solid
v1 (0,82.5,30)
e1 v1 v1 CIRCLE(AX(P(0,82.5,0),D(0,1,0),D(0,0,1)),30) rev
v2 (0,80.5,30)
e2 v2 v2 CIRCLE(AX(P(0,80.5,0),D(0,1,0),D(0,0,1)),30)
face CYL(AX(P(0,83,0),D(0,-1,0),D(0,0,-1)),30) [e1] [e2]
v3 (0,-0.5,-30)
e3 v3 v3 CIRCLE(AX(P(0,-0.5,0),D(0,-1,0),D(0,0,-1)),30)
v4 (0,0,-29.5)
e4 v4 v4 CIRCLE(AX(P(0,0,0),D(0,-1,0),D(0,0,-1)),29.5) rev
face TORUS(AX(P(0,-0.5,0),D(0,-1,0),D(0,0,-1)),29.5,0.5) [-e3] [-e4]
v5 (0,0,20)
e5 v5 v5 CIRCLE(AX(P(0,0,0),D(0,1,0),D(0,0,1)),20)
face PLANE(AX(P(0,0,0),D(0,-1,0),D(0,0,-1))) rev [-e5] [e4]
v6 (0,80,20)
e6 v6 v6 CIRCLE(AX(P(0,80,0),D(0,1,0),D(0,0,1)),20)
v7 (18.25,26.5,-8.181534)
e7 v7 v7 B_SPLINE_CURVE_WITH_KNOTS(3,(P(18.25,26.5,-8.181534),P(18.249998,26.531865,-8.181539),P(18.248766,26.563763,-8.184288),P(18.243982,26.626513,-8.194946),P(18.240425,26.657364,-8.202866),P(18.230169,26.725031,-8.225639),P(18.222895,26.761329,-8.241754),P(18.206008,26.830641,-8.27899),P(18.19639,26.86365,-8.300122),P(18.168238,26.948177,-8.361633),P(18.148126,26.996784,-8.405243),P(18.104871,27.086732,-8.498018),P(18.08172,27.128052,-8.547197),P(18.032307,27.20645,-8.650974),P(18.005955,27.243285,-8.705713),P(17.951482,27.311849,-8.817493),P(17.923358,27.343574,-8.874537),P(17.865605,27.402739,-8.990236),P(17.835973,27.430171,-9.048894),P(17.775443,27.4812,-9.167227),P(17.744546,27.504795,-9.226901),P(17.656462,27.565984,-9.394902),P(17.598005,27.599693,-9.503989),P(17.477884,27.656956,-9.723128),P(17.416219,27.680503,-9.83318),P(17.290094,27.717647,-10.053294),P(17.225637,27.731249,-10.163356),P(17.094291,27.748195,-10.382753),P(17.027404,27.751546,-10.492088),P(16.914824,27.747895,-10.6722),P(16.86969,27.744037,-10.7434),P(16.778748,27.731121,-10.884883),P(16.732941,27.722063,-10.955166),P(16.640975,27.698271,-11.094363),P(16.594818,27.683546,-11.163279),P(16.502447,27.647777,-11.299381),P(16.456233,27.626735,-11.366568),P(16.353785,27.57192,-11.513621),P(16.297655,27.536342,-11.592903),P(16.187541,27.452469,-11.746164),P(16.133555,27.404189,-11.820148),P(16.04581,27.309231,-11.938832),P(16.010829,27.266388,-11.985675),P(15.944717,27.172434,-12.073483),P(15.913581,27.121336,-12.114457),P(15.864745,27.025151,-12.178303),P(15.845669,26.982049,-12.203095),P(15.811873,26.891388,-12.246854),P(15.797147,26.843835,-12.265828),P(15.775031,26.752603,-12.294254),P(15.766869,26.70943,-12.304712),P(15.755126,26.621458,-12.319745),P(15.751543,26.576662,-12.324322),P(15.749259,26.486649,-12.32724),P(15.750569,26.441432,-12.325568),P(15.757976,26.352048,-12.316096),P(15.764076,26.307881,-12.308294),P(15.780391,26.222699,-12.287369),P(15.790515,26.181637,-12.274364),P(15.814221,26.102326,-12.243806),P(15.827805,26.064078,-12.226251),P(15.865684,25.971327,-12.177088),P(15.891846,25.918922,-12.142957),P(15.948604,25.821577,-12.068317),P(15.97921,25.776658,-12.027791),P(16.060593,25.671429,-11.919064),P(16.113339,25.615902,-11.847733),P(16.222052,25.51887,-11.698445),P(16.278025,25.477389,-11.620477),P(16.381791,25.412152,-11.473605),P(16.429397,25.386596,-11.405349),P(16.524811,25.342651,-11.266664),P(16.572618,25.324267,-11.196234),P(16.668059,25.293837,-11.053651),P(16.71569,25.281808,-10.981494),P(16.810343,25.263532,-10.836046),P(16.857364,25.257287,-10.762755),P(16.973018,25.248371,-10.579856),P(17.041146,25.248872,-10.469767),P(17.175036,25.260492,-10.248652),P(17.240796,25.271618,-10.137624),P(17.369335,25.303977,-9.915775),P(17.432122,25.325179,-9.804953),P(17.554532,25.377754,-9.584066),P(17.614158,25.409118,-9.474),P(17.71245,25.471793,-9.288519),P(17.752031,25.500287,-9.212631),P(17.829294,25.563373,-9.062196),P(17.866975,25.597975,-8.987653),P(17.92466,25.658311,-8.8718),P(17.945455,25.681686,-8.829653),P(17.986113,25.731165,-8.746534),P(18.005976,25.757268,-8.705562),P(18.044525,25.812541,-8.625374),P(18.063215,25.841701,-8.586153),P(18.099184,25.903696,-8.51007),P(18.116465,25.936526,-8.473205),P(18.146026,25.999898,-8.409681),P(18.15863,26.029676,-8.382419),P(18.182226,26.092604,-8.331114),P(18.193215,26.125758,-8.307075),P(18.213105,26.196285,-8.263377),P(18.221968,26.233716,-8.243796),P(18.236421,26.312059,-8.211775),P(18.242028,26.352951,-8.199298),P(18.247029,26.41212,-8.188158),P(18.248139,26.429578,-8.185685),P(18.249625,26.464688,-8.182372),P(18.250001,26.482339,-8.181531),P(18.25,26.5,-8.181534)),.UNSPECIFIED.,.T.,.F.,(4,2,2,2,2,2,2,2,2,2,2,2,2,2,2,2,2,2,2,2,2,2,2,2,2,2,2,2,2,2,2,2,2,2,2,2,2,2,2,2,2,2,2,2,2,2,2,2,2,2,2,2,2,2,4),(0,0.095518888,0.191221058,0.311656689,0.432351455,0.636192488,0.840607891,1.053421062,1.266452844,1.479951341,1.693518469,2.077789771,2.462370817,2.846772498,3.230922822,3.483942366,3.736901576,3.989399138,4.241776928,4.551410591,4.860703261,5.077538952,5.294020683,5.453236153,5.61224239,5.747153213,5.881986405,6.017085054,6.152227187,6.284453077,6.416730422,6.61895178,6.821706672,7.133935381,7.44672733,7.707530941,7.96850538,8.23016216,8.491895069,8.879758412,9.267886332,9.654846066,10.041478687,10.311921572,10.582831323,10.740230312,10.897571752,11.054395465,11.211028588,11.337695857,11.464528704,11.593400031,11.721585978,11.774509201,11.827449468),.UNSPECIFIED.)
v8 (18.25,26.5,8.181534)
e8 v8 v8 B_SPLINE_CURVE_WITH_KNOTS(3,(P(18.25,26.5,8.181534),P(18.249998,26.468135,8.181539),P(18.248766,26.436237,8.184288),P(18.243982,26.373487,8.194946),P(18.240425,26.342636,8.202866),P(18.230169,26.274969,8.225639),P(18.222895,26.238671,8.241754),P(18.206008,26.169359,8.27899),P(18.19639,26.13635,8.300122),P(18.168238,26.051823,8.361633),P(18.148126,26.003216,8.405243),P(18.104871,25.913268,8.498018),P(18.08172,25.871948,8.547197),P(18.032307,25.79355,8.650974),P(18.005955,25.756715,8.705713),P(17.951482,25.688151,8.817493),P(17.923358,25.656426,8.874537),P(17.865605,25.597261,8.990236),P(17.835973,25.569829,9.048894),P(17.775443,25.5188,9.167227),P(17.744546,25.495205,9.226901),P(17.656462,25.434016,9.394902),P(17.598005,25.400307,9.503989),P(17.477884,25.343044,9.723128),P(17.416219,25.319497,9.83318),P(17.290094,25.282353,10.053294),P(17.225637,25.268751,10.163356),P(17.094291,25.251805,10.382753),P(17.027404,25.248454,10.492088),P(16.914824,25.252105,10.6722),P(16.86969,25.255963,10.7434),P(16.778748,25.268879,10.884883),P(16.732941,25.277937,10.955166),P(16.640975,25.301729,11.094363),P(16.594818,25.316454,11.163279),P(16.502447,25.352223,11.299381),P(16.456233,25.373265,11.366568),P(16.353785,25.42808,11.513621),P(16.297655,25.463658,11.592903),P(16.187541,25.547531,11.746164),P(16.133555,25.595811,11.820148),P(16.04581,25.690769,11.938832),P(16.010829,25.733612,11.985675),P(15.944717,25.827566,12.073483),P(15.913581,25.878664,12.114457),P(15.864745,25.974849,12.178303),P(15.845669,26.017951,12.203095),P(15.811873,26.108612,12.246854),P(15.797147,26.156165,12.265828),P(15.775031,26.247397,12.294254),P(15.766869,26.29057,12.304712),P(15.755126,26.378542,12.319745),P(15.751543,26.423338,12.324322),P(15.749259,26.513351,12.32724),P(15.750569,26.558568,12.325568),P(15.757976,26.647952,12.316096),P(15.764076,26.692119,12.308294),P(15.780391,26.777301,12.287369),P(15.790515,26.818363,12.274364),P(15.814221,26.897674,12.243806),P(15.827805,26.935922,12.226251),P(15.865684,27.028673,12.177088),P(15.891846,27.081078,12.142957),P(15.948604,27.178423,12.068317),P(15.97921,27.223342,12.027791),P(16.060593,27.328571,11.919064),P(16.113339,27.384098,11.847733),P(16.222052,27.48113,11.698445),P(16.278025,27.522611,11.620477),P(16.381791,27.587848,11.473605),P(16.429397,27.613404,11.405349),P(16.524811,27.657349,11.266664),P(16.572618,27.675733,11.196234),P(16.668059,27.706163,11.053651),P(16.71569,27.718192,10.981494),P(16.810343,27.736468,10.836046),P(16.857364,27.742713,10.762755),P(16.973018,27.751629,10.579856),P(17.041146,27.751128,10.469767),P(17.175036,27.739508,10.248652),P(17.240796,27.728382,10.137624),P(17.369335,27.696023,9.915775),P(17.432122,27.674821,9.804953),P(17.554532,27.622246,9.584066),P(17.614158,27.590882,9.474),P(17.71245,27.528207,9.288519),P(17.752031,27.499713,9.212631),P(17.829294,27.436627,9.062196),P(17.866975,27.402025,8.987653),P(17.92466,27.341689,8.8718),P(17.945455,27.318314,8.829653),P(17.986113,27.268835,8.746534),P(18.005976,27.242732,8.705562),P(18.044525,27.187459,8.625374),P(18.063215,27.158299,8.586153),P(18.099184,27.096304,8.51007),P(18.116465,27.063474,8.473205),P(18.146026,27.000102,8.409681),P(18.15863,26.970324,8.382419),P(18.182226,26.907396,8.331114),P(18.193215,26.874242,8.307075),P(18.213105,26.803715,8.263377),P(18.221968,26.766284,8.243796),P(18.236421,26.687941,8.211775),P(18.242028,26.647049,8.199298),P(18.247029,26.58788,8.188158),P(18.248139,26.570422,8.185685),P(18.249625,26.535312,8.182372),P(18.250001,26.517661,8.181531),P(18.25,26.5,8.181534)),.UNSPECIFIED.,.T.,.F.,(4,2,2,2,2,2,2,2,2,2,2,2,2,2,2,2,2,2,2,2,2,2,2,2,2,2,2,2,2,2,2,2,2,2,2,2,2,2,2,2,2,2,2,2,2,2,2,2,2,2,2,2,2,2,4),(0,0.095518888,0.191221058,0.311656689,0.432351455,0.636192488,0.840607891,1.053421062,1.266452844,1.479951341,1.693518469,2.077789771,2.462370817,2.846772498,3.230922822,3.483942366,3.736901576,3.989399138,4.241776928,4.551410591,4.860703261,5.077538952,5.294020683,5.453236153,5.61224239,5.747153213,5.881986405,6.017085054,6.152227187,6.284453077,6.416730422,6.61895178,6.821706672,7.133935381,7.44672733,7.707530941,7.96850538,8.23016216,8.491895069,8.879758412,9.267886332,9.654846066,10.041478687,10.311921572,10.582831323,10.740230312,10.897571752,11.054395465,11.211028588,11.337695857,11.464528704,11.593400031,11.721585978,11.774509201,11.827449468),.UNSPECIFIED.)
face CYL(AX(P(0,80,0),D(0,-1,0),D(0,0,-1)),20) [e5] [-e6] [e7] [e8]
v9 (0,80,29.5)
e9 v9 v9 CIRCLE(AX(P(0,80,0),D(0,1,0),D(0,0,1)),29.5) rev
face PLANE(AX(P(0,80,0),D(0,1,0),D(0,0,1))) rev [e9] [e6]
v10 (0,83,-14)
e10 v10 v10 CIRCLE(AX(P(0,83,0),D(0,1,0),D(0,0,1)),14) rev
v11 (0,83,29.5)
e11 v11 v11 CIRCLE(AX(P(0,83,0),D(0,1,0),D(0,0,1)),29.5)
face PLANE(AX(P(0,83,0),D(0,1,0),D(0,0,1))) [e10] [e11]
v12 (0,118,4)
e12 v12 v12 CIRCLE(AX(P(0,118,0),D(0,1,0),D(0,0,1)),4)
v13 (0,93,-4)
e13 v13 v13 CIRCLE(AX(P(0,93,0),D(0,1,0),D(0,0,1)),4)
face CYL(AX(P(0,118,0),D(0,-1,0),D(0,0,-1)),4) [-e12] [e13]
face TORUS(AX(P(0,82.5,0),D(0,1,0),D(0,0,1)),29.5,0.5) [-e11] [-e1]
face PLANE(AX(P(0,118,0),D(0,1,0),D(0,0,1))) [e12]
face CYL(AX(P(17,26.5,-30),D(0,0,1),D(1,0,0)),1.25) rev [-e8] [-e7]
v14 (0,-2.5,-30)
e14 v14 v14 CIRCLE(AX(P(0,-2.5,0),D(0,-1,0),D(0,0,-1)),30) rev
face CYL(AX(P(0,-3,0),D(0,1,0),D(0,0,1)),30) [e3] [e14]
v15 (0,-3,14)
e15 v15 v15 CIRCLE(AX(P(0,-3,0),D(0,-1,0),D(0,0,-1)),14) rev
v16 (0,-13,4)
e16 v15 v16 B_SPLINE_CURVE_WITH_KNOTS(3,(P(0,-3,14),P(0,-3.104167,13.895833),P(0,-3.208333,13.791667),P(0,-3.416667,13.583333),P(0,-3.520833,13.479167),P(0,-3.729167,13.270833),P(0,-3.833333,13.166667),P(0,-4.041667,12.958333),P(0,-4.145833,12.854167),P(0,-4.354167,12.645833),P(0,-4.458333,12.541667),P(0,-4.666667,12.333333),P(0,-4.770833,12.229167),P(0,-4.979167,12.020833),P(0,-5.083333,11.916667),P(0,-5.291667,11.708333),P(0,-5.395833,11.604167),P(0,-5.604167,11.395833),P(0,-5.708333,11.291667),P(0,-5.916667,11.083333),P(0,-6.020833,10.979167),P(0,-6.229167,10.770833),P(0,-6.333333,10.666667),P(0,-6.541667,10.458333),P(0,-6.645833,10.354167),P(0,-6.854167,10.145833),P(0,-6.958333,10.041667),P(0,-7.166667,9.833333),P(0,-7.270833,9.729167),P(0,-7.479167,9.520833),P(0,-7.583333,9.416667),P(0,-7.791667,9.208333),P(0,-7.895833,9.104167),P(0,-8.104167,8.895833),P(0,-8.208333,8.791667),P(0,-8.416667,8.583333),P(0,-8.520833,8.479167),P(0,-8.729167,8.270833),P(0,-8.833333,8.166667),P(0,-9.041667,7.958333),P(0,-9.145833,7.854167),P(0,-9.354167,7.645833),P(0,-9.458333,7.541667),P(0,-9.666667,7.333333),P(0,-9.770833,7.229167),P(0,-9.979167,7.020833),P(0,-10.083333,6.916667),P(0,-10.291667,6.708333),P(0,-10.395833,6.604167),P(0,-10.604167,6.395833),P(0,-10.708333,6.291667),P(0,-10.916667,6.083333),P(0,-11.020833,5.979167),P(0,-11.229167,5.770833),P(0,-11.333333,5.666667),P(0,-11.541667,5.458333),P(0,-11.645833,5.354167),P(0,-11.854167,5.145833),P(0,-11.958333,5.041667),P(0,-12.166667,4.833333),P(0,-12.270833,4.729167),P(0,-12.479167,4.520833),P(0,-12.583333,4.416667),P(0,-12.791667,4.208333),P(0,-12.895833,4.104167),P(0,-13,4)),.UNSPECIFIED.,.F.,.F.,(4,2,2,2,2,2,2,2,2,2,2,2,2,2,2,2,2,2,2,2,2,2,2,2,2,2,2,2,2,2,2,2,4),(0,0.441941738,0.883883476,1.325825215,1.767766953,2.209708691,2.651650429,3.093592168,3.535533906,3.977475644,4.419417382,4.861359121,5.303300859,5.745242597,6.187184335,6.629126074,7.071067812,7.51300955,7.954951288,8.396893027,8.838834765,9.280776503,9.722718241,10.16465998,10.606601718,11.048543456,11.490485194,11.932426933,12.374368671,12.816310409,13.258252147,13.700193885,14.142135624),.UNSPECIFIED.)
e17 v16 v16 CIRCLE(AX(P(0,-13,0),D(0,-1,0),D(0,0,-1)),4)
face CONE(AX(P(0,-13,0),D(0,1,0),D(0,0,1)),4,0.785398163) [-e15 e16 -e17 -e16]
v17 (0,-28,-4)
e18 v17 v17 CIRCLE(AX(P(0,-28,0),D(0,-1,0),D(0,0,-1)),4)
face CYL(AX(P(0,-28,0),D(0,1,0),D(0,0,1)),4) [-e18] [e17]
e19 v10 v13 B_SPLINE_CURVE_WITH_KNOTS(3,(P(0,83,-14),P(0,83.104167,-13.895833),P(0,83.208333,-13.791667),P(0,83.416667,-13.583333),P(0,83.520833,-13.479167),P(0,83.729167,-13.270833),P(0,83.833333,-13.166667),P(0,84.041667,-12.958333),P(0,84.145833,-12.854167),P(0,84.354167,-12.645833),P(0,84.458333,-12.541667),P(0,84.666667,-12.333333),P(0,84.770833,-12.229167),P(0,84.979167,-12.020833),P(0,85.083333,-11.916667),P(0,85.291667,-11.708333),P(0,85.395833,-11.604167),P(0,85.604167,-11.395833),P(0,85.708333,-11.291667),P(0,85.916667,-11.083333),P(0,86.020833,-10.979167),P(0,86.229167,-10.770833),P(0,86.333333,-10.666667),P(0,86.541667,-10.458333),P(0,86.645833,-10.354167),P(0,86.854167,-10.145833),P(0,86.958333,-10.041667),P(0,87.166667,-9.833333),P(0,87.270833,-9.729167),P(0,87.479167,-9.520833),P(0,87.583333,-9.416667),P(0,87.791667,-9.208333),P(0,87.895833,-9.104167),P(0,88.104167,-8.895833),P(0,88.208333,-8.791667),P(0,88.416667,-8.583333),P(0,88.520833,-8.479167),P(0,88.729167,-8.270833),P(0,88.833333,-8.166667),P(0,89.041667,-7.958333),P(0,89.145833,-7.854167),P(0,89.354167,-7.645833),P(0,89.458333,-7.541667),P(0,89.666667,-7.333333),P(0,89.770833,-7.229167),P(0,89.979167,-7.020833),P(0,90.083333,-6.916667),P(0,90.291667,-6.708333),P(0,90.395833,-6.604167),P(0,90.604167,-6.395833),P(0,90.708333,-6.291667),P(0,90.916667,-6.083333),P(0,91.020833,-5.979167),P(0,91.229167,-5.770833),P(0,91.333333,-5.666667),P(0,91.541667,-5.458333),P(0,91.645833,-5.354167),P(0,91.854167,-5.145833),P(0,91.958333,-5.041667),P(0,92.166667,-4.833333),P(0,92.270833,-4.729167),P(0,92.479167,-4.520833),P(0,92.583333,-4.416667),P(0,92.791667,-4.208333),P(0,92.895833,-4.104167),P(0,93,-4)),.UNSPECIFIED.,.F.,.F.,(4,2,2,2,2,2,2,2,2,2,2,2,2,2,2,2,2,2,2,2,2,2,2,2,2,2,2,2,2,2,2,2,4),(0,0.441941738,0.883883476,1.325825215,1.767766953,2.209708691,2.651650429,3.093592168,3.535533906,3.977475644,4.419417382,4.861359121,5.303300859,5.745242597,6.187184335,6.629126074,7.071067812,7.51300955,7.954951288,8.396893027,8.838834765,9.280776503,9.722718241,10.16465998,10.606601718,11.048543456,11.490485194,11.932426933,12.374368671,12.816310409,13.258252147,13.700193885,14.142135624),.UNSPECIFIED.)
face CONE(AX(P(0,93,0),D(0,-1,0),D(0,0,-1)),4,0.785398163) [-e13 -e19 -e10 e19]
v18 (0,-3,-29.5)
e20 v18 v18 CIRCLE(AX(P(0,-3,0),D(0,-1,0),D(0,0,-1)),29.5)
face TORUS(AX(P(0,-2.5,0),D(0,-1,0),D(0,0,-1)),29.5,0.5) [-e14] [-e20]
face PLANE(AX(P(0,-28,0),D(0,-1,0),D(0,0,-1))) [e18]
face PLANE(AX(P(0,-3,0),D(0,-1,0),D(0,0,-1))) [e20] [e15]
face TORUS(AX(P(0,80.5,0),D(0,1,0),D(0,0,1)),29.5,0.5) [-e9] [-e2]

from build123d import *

# Parameters (mm, degrees)
SKETCH_1_R               = 20
EXTRUDE_1_DEPTH          = 80
SKETCH_2_R               = 30
EXTRUDE_2_DEPTH          = 3
EXTRUDE_START            = 3
SKETCH_3_R               = 30
EXTRUDE_3_DEPTH          = 3
CUT_EXTRUDE_1_DEPTH      = 94.214805691
CUT_EXTRUDE_1_DEPTH_BACK = 94.214805691
SKETCH_4_R               = 1.25
FILLET_1_R               = 0.5
SKETCH_5_R               = 4
EXTRUDE_4_DEPTH          = 35
EXTRUDE_START_2          = 25
SKETCH_6_R               = 4
EXTRUDE_5_DEPTH          = 25
CHAMFER_4_SIZE           = 10
CHAMFER_5_SIZE           = 10


with BuildPart() as part:
    # 草图1 → 凸台-拉伸1 (new body)
    with BuildSketch(Plane(origin=(0, 0, 0), x_dir=(1, 0, 0), z_dir=(0, 1, 0))):
        with Locations(Location((0, 0, 0), (0, 0, 270))):
            Circle(SKETCH_1_R)
    extrude(amount=EXTRUDE_1_DEPTH)

    # 草图2 → 凸台-拉伸2 (add)
    with BuildSketch(Plane(origin=(0, 80, 0), x_dir=(1, 0, 0), z_dir=(0, 1, 0))):
        with Locations(Location((0, 0, 0), (0, 0, 270))):
            Circle(SKETCH_2_R)
    extrude(amount=EXTRUDE_2_DEPTH)

    # 草图3 → 凸台-拉伸3 (add)
    with BuildSketch(Plane.XZ.offset(EXTRUDE_START)):
        with Locations(Location((0, 0, 0), (0, 0, 90))):
            Circle(SKETCH_3_R)
    extrude(amount=-EXTRUDE_3_DEPTH)

    # 草图4 → 切除-拉伸1 (cut, two sides: drawn at the far end of the back side and taken through both)
    with BuildSketch(Plane.XY.offset(-CUT_EXTRUDE_1_DEPTH_BACK)):
        with Locations((17, 26.5)):
            Circle(SKETCH_4_R)
    extrude(amount=CUT_EXTRUDE_1_DEPTH + CUT_EXTRUDE_1_DEPTH_BACK, mode=Mode.SUBTRACT)

    # 圆角1
    fillet_1_edges = [part.edges().sort_by_distance(p)[0] for p in [
        (0, 0, -30),
        (0, -3, -30),
        (0, 80, -30),
        (0, 83, -30),
    ]]
    fillet(fillet_1_edges, radius=FILLET_1_R)

    # 草图5 → 凸台-拉伸4 (add)
    with BuildSketch(Plane(origin=(0, 83, 0), x_dir=(1, 0, 0), z_dir=(0, 1, 0))):
        with Locations(Location((0, 0, 0), (0, 0, 270))):
            Circle(SKETCH_5_R)
    extrude(amount=EXTRUDE_4_DEPTH)

    # 草图6 → 凸台-拉伸5 (add)
    with BuildSketch(Plane(origin=(0, -3, 0), x_dir=(-1, 0, 0), z_dir=(0, -1, 0)).offset(EXTRUDE_START_2)):
        with Locations(Location((0, 0, 0), (0, 0, 270))):
            Circle(SKETCH_6_R)
    extrude(amount=-EXTRUDE_5_DEPTH)

    # 倒角4
    chamfer_4_edges = [part.edges().sort_by_distance(p)[0] for p in [
        (0, 83, -4),
    ]]
    chamfer(chamfer_4_edges, length=CHAMFER_4_SIZE)

    # 倒角5
    chamfer_5_edges = [part.edges().sort_by_distance(p)[0] for p in [
        (0, -3, -4),
    ]]
    chamfer(chamfer_5_edges, length=CHAMFER_5_SIZE)


solid = part.part
